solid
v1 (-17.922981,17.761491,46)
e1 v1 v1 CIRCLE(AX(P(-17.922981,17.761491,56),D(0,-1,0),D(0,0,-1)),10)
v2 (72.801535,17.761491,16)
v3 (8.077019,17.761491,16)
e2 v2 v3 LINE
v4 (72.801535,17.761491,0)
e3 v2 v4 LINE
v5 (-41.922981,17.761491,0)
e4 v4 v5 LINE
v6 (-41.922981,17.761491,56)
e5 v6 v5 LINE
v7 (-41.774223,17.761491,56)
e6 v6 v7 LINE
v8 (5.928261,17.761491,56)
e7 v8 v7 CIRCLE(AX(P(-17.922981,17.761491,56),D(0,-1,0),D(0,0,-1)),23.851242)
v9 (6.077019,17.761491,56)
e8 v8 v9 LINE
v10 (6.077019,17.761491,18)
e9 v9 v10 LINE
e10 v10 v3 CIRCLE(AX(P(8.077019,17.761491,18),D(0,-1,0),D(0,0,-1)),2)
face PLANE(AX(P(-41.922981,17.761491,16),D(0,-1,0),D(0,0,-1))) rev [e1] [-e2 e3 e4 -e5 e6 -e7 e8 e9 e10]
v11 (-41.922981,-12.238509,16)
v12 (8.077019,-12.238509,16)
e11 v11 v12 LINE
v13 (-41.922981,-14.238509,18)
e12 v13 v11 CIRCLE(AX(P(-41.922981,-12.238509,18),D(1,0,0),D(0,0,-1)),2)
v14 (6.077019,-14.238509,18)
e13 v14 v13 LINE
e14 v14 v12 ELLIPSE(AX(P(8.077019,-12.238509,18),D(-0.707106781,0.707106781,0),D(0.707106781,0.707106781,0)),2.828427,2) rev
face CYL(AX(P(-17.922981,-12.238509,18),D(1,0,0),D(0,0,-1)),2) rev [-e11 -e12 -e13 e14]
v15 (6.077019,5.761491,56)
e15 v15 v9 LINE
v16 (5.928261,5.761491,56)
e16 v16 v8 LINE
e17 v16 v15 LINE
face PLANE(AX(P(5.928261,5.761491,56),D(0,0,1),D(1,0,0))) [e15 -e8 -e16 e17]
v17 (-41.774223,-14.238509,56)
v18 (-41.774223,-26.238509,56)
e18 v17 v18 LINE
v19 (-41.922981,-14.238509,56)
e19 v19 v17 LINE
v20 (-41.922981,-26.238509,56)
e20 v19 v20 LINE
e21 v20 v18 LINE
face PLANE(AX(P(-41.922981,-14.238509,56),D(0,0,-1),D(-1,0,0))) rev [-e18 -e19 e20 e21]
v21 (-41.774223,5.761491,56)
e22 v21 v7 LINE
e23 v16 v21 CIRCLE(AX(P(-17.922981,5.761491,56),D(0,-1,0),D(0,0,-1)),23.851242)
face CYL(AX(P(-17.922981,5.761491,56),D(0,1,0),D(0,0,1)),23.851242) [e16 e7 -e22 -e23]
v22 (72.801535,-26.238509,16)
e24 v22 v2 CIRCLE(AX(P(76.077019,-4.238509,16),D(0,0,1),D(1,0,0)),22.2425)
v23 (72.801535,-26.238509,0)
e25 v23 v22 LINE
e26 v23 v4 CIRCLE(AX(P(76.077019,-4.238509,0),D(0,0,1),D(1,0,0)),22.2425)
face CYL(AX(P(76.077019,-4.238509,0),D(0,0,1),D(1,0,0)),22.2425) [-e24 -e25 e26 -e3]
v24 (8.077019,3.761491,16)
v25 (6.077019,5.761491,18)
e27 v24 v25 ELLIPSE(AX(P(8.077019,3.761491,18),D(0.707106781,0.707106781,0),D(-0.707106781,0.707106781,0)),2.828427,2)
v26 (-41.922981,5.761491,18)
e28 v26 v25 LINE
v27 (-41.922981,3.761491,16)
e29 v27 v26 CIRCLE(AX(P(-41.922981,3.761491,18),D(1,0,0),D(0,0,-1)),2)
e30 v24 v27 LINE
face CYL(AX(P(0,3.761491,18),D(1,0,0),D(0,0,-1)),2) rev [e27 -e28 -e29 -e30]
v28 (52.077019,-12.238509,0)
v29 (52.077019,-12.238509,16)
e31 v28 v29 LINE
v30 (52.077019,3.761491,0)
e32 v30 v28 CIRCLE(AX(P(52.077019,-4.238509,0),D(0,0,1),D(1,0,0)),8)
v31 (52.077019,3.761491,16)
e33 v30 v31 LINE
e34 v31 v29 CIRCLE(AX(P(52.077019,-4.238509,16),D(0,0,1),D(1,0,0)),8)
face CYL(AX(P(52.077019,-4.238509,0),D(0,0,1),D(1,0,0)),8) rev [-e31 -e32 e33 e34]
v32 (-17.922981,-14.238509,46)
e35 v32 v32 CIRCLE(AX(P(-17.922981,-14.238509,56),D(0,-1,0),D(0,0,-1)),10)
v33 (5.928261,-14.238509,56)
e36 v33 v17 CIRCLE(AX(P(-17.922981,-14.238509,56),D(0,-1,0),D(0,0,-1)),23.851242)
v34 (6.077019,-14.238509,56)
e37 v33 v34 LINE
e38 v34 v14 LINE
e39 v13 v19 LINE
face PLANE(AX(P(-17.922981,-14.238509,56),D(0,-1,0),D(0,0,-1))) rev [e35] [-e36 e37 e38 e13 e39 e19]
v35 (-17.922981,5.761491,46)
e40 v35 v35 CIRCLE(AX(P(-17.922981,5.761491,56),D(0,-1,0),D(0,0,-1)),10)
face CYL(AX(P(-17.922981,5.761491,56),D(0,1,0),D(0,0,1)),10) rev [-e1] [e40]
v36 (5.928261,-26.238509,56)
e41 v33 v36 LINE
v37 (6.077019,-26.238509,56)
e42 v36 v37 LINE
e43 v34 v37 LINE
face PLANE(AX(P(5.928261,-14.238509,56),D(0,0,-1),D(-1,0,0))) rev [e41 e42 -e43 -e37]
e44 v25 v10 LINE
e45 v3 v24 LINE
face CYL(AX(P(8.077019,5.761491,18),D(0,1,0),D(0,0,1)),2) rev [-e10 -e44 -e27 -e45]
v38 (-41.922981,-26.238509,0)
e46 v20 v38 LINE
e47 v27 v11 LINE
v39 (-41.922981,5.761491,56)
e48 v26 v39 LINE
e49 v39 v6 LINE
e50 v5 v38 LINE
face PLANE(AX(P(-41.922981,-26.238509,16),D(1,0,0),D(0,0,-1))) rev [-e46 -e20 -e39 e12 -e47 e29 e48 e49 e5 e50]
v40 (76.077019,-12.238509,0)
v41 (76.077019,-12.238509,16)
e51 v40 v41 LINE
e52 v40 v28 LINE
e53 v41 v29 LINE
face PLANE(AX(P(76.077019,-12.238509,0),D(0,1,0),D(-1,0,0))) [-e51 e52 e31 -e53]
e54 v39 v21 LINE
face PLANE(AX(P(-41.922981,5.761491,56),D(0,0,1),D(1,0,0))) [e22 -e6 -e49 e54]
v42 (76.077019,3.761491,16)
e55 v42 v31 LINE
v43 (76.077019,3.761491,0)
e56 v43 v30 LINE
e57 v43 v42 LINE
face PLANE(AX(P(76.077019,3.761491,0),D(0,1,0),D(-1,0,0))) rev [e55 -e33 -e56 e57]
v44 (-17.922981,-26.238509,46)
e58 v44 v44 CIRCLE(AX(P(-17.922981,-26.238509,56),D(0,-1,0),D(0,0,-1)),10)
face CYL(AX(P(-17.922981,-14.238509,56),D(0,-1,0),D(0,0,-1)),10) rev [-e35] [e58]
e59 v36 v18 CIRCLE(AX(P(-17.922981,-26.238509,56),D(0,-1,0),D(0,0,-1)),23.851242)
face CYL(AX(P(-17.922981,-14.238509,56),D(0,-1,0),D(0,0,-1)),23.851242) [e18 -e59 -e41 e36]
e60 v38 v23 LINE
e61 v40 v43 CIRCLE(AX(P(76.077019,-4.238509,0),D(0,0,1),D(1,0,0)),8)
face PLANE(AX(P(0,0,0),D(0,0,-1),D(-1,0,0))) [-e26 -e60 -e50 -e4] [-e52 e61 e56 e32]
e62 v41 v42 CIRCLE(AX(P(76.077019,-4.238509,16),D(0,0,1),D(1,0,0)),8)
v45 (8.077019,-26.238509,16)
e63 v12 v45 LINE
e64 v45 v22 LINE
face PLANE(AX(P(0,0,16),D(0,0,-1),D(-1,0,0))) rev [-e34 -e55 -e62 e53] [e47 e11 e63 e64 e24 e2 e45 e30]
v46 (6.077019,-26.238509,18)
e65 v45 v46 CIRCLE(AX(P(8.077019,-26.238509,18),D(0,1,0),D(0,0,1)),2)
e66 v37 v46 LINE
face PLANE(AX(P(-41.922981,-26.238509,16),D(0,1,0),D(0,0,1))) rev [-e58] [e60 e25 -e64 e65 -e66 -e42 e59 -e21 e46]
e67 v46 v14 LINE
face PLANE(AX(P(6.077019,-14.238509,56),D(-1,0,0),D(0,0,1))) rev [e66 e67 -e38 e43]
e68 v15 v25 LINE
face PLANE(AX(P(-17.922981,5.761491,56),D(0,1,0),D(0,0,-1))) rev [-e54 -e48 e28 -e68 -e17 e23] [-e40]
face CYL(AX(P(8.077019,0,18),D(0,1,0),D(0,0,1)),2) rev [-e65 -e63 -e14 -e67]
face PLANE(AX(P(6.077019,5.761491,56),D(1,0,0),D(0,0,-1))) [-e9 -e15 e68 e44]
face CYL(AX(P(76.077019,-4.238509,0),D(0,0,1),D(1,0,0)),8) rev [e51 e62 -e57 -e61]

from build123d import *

# Parameters (mm, degrees)
SKETCH1_W           = 118
SKETCH1_H           = 44
BOSS_EXTRUDE1_DEPTH = 16
SKETCH2_R           = 22.242499638
BOSS_EXTRUDE2_DEPTH = 16
CUT_EXTRUDE1_DEPTH  = 17
SKETCH4_R           = 10
BOSS_EXTRUDE9_DEPTH = 12
FILLET1_R           = 2


with BuildPart() as part:
    # Sketch1 → Boss-Extrude1 (new body)
    with BuildSketch(Plane.XY):
        with Locations((17.077018634, -4.238509317)):
            Rectangle(SKETCH1_W, SKETCH1_H)
    extrude(amount=BOSS_EXTRUDE1_DEPTH)

    # Sketch2 → Boss-Extrude2 (add)
    with BuildSketch(Plane.XY.offset(16)):
        with Locations((76.077018634, -4.238509317)):
            Circle(SKETCH2_R)
    extrude(amount=-BOSS_EXTRUDE2_DEPTH)

    # Sketch3 → Cut-Extrude1 (cut, through all)
    with BuildSketch(Plane.XY.offset(16)):
        with BuildLine():
            Line((76.077018634, -12.238509317), (52.077018634, -12.238509317))
            ThreePointArc((52.077018634, -12.238509317), (44.077018634, -4.238509317), (52.077018634, 3.761490683))
            Line((52.077018634, 3.761490683), (76.077018634, 3.761490683))
            ThreePointArc((76.077018634, 3.761490683), (84.077018634, -4.238509317), (76.077018634, -12.238509317))
        make_face()
    extrude(amount=-CUT_EXTRUDE1_DEPTH, mode=Mode.SUBTRACT)

    # Sketch4 → Boss-Extrude9 (add)
    with BuildSketch(Plane.XZ.offset(26.238509317)):
        with BuildLine():
            Line((-41.922981366, 16), (-41.922981366, 56))
            Line((-41.922981366, 56), (-41.77422342, 56))
            ThreePointArc((-41.77422342, 56), (-17.922981366, 79.851242053), (5.928260687, 56))
            Line((5.928260687, 56), (6.077018634, 56))
            Line((6.077018634, 56), (6.077018634, 16))
            Line((6.077018634, 16), (-41.922981366, 16))
        make_face()
        with Locations((-17.922981366, 56)):
            Circle(SKETCH4_R, mode=Mode.SUBTRACT)
    boss_extrude9 = extrude(amount=-BOSS_EXTRUDE9_DEPTH)

    # Mirror14: Boss-Extrude9 across plane
    add(boss_extrude9.mirror(Plane.ZX.offset(-4.238509317)))

    # Fillet1
    fillet1_edges = [part.edges().sort_by_distance(p)[0] for p in [
        (6.077018634, -20.238509317, 16),
        (-17.922981366, -14.238509317, 16),
        (-17.922981366, 5.761490683, 16),
        (6.077018634, 11.761490683, 16),
    ]]
    fillet(fillet1_edges, radius=FILLET1_R)


solid = part.part
